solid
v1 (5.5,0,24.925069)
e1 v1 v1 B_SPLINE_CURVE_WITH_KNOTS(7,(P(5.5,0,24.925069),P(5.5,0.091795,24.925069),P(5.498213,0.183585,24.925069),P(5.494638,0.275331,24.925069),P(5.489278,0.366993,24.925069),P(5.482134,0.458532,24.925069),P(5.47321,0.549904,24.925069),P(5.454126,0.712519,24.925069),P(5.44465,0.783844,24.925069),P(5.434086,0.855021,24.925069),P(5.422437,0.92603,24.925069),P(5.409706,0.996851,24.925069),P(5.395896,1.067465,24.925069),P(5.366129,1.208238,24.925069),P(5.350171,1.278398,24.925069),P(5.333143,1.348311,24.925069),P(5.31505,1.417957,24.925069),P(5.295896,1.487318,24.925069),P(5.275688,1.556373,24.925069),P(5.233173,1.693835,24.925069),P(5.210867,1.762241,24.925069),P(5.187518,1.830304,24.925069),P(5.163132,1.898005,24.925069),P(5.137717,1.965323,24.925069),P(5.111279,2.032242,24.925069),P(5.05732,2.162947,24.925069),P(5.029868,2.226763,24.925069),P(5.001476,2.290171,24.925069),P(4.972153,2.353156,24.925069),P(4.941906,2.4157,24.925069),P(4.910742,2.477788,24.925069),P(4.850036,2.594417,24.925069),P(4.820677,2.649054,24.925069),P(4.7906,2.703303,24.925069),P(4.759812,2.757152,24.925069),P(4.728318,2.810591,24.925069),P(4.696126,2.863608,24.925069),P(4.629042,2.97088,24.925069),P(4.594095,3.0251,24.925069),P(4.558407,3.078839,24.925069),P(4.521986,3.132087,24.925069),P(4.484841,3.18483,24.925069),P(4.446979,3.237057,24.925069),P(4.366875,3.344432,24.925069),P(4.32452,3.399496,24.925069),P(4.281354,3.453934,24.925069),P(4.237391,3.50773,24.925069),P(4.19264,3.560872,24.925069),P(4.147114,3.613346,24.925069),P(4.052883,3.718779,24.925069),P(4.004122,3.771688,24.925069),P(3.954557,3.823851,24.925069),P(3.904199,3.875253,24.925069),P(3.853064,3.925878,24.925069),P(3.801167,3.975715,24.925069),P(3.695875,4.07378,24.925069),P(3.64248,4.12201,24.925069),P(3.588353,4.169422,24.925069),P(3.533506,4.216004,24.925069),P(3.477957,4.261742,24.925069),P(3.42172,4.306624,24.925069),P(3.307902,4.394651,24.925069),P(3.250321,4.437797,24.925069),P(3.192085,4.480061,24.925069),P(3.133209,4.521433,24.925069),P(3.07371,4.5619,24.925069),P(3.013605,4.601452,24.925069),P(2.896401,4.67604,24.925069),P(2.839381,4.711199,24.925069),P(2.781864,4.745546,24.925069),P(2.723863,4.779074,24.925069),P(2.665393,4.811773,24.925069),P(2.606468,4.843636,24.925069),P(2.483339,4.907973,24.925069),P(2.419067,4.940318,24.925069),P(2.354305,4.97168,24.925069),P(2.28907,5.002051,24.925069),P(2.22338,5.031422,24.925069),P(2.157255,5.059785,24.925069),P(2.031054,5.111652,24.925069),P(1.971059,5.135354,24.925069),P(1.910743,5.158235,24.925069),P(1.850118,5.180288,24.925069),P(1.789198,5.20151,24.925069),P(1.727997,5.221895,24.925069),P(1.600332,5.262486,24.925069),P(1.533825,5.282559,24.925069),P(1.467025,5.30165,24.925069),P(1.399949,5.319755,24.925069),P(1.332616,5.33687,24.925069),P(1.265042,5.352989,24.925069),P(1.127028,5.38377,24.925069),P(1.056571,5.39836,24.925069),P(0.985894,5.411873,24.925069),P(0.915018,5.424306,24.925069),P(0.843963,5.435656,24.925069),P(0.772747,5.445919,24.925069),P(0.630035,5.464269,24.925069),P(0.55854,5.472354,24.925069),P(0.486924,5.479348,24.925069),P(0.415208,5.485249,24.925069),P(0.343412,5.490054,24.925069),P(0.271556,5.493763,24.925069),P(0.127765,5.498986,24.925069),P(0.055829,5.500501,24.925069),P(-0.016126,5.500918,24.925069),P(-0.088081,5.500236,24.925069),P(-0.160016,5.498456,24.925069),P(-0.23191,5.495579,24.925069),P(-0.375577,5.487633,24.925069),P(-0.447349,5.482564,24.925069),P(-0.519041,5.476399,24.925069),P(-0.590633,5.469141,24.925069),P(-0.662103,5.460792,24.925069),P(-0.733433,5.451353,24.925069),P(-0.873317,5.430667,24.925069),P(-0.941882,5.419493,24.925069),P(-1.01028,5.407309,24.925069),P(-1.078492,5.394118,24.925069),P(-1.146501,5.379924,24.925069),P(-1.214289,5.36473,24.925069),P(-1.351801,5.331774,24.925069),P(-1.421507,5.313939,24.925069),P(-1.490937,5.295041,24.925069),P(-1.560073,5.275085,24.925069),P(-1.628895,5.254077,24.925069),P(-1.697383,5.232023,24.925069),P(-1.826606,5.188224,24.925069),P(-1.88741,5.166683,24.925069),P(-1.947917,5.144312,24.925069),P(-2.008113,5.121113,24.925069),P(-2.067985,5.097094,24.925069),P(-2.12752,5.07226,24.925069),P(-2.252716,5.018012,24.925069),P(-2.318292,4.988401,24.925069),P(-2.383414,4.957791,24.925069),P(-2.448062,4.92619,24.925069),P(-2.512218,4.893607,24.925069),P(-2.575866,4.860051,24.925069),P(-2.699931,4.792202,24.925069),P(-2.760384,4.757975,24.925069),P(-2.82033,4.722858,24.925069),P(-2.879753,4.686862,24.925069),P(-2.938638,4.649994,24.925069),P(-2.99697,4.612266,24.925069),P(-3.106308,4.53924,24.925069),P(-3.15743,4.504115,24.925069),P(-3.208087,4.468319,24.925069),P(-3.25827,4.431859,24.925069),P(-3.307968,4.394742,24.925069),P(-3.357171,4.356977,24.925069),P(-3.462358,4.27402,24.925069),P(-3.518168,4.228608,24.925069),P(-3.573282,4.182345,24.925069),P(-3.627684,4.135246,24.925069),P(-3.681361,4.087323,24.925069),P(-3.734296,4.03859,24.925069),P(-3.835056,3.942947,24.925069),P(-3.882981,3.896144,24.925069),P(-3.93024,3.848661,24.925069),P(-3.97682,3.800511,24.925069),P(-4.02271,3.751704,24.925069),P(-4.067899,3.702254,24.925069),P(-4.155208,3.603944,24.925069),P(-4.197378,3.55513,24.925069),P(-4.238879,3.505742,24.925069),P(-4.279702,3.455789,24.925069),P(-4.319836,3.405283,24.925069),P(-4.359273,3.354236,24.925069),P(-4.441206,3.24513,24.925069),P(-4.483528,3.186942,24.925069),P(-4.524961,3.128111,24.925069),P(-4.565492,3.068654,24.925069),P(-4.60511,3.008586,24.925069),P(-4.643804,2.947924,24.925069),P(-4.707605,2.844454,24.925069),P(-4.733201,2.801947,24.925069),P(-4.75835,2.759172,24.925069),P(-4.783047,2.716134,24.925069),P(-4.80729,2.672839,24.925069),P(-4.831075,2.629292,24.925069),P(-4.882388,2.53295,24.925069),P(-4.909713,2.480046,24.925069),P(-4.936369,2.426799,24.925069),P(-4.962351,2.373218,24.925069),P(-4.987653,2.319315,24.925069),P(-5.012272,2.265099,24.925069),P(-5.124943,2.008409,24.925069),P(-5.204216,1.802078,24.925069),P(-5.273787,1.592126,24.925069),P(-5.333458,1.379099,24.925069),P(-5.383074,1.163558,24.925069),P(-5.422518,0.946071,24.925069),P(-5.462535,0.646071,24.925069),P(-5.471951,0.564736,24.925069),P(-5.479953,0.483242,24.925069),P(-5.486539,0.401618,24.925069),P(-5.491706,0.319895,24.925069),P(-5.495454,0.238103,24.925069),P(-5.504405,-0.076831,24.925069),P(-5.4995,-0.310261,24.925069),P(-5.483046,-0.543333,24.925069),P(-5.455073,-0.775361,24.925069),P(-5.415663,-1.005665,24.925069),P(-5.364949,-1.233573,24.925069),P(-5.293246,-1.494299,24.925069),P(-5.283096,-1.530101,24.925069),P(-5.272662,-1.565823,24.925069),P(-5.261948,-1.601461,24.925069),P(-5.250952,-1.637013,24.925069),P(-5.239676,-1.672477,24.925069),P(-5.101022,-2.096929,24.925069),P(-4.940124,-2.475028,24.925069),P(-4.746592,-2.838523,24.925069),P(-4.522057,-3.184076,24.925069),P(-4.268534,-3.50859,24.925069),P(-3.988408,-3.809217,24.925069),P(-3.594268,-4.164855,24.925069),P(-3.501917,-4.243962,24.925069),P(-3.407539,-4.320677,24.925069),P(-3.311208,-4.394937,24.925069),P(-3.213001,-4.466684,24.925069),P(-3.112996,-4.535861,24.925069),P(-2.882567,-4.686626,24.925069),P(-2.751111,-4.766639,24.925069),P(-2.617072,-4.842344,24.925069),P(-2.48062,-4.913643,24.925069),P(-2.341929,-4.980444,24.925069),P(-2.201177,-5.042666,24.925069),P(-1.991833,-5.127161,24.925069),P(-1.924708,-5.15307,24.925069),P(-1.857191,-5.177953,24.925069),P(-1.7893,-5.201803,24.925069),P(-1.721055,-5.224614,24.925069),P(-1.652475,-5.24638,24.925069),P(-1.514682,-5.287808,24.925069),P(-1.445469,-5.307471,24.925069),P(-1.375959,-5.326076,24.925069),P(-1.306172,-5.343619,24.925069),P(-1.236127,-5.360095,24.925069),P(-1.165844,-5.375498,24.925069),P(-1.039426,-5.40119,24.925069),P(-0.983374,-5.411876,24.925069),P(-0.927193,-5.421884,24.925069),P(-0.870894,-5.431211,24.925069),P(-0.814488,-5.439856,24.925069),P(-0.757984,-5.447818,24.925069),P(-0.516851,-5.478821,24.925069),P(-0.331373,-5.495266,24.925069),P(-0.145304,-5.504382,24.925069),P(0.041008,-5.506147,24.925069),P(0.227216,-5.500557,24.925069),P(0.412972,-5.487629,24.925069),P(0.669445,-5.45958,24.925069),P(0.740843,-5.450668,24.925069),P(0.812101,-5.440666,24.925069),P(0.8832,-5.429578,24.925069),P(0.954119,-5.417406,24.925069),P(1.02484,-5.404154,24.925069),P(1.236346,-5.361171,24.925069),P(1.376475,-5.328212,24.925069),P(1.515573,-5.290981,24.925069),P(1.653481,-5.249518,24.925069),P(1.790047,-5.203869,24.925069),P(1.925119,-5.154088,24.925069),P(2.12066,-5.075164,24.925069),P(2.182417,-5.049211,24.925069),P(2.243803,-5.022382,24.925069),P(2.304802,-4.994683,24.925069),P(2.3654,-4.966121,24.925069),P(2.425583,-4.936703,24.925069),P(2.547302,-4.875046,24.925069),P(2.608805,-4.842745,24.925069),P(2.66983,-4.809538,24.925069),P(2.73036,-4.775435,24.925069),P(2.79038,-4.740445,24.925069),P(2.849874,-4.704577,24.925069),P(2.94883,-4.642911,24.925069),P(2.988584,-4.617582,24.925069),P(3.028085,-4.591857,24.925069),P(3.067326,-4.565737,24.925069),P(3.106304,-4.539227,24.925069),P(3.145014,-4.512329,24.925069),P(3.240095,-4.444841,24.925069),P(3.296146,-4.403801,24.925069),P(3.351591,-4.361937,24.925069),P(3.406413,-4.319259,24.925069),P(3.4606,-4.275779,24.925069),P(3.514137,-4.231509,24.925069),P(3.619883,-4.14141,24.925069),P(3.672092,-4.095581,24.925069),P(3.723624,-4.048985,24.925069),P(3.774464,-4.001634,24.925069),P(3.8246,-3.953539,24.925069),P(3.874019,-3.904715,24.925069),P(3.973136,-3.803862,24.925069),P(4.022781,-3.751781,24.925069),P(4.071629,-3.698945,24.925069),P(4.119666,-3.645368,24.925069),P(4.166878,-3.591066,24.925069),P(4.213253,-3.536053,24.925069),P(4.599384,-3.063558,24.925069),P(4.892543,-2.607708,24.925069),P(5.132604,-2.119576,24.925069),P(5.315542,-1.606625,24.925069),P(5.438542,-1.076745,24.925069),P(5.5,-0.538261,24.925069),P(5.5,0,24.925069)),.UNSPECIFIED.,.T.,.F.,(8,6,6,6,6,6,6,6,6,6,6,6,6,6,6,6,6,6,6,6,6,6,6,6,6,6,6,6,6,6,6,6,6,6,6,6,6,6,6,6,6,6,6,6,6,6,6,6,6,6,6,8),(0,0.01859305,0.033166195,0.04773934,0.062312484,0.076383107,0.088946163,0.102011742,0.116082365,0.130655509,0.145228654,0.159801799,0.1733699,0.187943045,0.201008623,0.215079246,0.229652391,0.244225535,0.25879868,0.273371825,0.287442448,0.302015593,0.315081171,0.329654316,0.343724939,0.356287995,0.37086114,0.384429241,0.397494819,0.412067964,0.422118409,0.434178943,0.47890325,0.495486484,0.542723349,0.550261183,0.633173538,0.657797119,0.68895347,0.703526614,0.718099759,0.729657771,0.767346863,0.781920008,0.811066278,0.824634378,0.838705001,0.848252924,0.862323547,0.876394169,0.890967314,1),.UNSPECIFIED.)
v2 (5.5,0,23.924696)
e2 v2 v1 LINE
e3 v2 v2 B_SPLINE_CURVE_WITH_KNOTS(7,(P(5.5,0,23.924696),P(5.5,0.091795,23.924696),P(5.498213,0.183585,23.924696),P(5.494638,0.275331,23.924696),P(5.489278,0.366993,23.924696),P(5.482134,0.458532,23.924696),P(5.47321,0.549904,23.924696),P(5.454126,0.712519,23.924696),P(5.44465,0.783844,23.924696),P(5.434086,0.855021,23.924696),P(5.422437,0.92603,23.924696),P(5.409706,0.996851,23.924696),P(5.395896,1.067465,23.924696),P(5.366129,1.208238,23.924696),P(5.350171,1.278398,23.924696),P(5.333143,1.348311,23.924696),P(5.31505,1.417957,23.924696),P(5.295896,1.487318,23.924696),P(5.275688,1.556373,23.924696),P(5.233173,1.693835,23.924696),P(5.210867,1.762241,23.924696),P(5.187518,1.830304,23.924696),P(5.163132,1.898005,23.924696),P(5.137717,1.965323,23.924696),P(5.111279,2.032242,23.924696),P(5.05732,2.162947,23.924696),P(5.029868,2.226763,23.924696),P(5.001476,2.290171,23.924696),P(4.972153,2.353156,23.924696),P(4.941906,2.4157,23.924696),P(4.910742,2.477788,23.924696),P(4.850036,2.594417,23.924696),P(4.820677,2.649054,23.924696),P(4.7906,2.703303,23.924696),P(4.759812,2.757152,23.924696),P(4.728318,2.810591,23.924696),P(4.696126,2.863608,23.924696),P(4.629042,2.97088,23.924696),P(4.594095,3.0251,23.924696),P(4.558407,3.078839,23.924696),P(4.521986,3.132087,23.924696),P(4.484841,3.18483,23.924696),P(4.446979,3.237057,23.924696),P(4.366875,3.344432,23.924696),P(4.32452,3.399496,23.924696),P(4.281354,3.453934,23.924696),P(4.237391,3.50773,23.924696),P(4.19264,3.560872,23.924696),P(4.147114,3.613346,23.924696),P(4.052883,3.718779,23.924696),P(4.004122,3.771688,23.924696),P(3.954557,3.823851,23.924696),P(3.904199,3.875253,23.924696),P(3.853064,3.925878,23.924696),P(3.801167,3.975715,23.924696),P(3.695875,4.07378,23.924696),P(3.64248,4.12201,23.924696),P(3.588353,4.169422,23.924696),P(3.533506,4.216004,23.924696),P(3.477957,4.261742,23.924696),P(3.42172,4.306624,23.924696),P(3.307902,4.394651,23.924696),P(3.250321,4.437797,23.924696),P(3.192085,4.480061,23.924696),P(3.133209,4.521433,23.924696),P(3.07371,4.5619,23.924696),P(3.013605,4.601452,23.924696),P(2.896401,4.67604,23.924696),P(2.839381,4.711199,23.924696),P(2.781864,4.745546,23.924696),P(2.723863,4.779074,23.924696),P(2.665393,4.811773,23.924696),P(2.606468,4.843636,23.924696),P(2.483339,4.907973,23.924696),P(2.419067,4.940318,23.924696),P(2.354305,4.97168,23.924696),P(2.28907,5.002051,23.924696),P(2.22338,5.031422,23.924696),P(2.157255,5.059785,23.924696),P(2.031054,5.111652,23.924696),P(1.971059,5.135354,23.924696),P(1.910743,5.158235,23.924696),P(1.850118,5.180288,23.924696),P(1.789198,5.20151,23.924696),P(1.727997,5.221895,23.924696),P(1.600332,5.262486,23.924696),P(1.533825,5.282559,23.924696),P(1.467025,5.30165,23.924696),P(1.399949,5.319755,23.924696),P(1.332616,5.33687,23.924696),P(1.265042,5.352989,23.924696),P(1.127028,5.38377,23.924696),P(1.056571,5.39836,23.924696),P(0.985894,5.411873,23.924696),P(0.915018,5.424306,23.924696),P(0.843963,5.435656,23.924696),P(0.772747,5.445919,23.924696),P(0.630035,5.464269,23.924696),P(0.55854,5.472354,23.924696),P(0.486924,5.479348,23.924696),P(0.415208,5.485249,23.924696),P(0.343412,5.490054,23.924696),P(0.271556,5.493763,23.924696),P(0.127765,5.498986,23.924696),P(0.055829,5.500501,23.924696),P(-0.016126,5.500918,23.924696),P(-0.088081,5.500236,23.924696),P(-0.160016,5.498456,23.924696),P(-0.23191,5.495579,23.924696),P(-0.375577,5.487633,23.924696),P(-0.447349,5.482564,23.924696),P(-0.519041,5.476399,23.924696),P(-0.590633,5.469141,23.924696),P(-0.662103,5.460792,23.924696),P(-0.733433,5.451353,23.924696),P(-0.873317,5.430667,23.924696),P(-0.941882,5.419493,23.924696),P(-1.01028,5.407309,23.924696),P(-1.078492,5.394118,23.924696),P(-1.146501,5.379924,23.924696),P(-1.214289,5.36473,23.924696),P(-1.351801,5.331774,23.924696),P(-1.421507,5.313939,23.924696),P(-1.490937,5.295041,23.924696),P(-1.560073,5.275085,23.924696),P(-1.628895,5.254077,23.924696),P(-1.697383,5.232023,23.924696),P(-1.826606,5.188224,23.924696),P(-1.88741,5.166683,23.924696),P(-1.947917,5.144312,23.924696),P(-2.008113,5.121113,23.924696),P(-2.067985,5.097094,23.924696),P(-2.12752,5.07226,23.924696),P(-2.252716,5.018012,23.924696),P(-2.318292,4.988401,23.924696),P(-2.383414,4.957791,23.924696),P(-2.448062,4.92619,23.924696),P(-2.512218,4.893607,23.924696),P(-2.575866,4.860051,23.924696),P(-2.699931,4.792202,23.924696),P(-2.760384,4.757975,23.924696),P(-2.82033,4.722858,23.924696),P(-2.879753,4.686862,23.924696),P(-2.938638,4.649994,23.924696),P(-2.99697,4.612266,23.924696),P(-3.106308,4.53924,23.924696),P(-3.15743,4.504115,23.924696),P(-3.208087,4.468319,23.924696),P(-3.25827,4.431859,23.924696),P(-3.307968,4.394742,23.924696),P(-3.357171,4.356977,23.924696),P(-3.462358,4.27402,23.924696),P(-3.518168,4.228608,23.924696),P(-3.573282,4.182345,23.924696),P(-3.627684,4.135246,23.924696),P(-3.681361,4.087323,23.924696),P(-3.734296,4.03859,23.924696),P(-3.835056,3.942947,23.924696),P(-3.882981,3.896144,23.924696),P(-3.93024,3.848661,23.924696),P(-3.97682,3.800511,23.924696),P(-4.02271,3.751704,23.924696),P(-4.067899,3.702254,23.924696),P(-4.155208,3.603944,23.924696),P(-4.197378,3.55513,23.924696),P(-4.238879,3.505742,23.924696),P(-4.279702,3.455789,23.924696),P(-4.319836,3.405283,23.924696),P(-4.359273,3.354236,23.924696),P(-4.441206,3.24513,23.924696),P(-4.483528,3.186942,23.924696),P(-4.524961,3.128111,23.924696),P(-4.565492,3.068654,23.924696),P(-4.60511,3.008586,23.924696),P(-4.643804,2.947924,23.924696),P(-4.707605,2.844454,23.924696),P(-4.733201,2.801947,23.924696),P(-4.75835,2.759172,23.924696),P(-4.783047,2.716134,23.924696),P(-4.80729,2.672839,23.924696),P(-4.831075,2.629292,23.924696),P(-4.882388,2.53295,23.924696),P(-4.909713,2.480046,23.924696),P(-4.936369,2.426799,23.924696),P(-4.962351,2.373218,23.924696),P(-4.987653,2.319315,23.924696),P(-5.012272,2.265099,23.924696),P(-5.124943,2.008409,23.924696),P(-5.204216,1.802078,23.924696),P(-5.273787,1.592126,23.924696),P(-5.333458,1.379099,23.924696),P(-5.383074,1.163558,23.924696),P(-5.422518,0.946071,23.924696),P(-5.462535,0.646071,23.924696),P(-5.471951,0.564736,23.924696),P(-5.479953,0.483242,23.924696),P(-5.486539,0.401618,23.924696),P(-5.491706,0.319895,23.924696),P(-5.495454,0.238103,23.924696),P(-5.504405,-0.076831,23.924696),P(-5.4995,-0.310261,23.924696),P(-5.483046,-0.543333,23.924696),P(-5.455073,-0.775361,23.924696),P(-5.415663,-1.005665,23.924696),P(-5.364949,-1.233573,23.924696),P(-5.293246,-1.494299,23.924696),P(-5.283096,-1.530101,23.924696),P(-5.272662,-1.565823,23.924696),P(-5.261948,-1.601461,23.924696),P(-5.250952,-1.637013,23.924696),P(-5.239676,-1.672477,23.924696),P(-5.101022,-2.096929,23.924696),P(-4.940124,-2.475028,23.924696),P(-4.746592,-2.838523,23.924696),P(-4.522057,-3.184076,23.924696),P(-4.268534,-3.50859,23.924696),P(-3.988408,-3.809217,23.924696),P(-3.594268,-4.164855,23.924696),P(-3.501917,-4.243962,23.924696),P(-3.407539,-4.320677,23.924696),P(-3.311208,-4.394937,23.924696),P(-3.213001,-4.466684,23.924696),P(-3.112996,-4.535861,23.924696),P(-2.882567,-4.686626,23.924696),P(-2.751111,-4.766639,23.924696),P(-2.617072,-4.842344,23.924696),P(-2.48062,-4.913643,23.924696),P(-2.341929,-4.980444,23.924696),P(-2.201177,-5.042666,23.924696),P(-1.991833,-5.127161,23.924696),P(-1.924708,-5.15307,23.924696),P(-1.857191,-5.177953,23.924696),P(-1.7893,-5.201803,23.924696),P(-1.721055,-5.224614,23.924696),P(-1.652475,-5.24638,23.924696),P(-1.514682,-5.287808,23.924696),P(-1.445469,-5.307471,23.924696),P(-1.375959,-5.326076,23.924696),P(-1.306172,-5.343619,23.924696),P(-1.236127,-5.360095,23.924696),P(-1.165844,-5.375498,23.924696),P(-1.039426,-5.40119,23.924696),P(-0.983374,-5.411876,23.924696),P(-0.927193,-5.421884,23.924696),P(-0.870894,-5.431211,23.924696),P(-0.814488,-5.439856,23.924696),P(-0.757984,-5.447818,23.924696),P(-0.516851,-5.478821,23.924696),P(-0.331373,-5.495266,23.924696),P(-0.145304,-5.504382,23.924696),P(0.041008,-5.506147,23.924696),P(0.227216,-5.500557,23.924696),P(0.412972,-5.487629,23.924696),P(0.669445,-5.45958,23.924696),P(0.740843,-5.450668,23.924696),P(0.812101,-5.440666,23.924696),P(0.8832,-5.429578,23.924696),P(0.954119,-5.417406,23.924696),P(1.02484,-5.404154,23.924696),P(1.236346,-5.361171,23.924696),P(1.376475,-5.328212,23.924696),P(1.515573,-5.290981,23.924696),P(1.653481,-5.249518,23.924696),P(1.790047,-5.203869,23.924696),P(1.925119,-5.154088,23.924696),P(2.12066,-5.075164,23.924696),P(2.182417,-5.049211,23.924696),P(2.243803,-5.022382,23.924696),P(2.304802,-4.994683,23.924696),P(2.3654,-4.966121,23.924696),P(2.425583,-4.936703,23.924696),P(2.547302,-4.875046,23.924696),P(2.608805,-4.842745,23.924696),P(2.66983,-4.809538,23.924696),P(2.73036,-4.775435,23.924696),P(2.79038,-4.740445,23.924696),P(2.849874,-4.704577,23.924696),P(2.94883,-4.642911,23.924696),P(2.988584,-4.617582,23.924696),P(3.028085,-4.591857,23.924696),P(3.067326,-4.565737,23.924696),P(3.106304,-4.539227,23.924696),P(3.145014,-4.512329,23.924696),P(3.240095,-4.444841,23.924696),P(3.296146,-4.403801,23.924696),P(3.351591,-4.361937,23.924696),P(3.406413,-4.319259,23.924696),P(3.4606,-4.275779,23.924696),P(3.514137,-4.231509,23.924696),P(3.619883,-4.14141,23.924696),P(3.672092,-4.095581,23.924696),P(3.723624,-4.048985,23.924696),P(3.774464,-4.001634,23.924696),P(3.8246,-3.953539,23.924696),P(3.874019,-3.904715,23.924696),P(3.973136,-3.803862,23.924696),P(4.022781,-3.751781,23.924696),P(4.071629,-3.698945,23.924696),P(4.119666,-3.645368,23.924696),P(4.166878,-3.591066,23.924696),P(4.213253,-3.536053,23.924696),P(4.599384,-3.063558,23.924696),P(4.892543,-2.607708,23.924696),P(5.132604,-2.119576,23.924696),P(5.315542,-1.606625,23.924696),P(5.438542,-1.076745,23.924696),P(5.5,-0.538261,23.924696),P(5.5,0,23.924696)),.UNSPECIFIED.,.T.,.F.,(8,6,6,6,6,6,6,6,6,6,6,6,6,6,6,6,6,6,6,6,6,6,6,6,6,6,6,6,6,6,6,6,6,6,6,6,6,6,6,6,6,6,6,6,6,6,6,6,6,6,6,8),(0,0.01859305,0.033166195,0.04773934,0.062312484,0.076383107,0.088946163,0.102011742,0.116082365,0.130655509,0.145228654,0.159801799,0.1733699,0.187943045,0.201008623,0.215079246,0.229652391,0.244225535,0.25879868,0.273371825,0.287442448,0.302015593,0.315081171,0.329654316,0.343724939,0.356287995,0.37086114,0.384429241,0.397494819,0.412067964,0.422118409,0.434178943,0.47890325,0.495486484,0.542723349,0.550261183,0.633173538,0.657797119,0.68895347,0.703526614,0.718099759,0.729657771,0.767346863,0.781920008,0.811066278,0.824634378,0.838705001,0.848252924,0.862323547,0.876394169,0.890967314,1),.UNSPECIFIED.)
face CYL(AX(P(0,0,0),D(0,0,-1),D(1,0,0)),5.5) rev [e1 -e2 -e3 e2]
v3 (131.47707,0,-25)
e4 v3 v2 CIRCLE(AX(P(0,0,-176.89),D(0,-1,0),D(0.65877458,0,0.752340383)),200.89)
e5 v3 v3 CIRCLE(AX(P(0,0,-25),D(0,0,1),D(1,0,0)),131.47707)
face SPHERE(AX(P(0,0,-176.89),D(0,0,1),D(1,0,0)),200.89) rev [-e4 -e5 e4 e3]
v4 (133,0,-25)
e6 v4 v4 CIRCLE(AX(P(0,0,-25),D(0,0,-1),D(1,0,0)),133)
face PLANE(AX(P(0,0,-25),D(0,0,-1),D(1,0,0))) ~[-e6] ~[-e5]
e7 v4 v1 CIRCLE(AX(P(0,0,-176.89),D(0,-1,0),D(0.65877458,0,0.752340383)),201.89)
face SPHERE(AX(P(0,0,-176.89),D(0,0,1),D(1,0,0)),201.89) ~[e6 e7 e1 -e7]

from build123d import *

# Parameters (mm, degrees)
F3_T     = -1
F2_R     = 5.5
F4_DEPTH = 25.001


with BuildPart() as f1:
    # F0 (on Front) → F1 (revolve)
    with BuildSketch(Plane.XZ):
        with BuildLine():
            Line((0, 25), (0, -25))
            Line((0, -25), (133, -25))
            ThreePointArc((133, -25), (71.0440004504, 12.0870411981), (0, 25))
        make_face()
    revolve(axis=Axis((0, 0, 0), (0, 0, -1)))

    # F3
    f3_openings = [f1.faces().sort_by_distance(p)[0] for p in [
        (0, 0, -25),
    ]]
    offset(amount=F3_T, openings=f3_openings)

    # F2 (on Top) → F4 (cut, through all)
    with BuildSketch(Plane.XY):
        Circle(F2_R)
    extrude(amount=F4_DEPTH, mode=Mode.SUBTRACT)


solid = f1.part
